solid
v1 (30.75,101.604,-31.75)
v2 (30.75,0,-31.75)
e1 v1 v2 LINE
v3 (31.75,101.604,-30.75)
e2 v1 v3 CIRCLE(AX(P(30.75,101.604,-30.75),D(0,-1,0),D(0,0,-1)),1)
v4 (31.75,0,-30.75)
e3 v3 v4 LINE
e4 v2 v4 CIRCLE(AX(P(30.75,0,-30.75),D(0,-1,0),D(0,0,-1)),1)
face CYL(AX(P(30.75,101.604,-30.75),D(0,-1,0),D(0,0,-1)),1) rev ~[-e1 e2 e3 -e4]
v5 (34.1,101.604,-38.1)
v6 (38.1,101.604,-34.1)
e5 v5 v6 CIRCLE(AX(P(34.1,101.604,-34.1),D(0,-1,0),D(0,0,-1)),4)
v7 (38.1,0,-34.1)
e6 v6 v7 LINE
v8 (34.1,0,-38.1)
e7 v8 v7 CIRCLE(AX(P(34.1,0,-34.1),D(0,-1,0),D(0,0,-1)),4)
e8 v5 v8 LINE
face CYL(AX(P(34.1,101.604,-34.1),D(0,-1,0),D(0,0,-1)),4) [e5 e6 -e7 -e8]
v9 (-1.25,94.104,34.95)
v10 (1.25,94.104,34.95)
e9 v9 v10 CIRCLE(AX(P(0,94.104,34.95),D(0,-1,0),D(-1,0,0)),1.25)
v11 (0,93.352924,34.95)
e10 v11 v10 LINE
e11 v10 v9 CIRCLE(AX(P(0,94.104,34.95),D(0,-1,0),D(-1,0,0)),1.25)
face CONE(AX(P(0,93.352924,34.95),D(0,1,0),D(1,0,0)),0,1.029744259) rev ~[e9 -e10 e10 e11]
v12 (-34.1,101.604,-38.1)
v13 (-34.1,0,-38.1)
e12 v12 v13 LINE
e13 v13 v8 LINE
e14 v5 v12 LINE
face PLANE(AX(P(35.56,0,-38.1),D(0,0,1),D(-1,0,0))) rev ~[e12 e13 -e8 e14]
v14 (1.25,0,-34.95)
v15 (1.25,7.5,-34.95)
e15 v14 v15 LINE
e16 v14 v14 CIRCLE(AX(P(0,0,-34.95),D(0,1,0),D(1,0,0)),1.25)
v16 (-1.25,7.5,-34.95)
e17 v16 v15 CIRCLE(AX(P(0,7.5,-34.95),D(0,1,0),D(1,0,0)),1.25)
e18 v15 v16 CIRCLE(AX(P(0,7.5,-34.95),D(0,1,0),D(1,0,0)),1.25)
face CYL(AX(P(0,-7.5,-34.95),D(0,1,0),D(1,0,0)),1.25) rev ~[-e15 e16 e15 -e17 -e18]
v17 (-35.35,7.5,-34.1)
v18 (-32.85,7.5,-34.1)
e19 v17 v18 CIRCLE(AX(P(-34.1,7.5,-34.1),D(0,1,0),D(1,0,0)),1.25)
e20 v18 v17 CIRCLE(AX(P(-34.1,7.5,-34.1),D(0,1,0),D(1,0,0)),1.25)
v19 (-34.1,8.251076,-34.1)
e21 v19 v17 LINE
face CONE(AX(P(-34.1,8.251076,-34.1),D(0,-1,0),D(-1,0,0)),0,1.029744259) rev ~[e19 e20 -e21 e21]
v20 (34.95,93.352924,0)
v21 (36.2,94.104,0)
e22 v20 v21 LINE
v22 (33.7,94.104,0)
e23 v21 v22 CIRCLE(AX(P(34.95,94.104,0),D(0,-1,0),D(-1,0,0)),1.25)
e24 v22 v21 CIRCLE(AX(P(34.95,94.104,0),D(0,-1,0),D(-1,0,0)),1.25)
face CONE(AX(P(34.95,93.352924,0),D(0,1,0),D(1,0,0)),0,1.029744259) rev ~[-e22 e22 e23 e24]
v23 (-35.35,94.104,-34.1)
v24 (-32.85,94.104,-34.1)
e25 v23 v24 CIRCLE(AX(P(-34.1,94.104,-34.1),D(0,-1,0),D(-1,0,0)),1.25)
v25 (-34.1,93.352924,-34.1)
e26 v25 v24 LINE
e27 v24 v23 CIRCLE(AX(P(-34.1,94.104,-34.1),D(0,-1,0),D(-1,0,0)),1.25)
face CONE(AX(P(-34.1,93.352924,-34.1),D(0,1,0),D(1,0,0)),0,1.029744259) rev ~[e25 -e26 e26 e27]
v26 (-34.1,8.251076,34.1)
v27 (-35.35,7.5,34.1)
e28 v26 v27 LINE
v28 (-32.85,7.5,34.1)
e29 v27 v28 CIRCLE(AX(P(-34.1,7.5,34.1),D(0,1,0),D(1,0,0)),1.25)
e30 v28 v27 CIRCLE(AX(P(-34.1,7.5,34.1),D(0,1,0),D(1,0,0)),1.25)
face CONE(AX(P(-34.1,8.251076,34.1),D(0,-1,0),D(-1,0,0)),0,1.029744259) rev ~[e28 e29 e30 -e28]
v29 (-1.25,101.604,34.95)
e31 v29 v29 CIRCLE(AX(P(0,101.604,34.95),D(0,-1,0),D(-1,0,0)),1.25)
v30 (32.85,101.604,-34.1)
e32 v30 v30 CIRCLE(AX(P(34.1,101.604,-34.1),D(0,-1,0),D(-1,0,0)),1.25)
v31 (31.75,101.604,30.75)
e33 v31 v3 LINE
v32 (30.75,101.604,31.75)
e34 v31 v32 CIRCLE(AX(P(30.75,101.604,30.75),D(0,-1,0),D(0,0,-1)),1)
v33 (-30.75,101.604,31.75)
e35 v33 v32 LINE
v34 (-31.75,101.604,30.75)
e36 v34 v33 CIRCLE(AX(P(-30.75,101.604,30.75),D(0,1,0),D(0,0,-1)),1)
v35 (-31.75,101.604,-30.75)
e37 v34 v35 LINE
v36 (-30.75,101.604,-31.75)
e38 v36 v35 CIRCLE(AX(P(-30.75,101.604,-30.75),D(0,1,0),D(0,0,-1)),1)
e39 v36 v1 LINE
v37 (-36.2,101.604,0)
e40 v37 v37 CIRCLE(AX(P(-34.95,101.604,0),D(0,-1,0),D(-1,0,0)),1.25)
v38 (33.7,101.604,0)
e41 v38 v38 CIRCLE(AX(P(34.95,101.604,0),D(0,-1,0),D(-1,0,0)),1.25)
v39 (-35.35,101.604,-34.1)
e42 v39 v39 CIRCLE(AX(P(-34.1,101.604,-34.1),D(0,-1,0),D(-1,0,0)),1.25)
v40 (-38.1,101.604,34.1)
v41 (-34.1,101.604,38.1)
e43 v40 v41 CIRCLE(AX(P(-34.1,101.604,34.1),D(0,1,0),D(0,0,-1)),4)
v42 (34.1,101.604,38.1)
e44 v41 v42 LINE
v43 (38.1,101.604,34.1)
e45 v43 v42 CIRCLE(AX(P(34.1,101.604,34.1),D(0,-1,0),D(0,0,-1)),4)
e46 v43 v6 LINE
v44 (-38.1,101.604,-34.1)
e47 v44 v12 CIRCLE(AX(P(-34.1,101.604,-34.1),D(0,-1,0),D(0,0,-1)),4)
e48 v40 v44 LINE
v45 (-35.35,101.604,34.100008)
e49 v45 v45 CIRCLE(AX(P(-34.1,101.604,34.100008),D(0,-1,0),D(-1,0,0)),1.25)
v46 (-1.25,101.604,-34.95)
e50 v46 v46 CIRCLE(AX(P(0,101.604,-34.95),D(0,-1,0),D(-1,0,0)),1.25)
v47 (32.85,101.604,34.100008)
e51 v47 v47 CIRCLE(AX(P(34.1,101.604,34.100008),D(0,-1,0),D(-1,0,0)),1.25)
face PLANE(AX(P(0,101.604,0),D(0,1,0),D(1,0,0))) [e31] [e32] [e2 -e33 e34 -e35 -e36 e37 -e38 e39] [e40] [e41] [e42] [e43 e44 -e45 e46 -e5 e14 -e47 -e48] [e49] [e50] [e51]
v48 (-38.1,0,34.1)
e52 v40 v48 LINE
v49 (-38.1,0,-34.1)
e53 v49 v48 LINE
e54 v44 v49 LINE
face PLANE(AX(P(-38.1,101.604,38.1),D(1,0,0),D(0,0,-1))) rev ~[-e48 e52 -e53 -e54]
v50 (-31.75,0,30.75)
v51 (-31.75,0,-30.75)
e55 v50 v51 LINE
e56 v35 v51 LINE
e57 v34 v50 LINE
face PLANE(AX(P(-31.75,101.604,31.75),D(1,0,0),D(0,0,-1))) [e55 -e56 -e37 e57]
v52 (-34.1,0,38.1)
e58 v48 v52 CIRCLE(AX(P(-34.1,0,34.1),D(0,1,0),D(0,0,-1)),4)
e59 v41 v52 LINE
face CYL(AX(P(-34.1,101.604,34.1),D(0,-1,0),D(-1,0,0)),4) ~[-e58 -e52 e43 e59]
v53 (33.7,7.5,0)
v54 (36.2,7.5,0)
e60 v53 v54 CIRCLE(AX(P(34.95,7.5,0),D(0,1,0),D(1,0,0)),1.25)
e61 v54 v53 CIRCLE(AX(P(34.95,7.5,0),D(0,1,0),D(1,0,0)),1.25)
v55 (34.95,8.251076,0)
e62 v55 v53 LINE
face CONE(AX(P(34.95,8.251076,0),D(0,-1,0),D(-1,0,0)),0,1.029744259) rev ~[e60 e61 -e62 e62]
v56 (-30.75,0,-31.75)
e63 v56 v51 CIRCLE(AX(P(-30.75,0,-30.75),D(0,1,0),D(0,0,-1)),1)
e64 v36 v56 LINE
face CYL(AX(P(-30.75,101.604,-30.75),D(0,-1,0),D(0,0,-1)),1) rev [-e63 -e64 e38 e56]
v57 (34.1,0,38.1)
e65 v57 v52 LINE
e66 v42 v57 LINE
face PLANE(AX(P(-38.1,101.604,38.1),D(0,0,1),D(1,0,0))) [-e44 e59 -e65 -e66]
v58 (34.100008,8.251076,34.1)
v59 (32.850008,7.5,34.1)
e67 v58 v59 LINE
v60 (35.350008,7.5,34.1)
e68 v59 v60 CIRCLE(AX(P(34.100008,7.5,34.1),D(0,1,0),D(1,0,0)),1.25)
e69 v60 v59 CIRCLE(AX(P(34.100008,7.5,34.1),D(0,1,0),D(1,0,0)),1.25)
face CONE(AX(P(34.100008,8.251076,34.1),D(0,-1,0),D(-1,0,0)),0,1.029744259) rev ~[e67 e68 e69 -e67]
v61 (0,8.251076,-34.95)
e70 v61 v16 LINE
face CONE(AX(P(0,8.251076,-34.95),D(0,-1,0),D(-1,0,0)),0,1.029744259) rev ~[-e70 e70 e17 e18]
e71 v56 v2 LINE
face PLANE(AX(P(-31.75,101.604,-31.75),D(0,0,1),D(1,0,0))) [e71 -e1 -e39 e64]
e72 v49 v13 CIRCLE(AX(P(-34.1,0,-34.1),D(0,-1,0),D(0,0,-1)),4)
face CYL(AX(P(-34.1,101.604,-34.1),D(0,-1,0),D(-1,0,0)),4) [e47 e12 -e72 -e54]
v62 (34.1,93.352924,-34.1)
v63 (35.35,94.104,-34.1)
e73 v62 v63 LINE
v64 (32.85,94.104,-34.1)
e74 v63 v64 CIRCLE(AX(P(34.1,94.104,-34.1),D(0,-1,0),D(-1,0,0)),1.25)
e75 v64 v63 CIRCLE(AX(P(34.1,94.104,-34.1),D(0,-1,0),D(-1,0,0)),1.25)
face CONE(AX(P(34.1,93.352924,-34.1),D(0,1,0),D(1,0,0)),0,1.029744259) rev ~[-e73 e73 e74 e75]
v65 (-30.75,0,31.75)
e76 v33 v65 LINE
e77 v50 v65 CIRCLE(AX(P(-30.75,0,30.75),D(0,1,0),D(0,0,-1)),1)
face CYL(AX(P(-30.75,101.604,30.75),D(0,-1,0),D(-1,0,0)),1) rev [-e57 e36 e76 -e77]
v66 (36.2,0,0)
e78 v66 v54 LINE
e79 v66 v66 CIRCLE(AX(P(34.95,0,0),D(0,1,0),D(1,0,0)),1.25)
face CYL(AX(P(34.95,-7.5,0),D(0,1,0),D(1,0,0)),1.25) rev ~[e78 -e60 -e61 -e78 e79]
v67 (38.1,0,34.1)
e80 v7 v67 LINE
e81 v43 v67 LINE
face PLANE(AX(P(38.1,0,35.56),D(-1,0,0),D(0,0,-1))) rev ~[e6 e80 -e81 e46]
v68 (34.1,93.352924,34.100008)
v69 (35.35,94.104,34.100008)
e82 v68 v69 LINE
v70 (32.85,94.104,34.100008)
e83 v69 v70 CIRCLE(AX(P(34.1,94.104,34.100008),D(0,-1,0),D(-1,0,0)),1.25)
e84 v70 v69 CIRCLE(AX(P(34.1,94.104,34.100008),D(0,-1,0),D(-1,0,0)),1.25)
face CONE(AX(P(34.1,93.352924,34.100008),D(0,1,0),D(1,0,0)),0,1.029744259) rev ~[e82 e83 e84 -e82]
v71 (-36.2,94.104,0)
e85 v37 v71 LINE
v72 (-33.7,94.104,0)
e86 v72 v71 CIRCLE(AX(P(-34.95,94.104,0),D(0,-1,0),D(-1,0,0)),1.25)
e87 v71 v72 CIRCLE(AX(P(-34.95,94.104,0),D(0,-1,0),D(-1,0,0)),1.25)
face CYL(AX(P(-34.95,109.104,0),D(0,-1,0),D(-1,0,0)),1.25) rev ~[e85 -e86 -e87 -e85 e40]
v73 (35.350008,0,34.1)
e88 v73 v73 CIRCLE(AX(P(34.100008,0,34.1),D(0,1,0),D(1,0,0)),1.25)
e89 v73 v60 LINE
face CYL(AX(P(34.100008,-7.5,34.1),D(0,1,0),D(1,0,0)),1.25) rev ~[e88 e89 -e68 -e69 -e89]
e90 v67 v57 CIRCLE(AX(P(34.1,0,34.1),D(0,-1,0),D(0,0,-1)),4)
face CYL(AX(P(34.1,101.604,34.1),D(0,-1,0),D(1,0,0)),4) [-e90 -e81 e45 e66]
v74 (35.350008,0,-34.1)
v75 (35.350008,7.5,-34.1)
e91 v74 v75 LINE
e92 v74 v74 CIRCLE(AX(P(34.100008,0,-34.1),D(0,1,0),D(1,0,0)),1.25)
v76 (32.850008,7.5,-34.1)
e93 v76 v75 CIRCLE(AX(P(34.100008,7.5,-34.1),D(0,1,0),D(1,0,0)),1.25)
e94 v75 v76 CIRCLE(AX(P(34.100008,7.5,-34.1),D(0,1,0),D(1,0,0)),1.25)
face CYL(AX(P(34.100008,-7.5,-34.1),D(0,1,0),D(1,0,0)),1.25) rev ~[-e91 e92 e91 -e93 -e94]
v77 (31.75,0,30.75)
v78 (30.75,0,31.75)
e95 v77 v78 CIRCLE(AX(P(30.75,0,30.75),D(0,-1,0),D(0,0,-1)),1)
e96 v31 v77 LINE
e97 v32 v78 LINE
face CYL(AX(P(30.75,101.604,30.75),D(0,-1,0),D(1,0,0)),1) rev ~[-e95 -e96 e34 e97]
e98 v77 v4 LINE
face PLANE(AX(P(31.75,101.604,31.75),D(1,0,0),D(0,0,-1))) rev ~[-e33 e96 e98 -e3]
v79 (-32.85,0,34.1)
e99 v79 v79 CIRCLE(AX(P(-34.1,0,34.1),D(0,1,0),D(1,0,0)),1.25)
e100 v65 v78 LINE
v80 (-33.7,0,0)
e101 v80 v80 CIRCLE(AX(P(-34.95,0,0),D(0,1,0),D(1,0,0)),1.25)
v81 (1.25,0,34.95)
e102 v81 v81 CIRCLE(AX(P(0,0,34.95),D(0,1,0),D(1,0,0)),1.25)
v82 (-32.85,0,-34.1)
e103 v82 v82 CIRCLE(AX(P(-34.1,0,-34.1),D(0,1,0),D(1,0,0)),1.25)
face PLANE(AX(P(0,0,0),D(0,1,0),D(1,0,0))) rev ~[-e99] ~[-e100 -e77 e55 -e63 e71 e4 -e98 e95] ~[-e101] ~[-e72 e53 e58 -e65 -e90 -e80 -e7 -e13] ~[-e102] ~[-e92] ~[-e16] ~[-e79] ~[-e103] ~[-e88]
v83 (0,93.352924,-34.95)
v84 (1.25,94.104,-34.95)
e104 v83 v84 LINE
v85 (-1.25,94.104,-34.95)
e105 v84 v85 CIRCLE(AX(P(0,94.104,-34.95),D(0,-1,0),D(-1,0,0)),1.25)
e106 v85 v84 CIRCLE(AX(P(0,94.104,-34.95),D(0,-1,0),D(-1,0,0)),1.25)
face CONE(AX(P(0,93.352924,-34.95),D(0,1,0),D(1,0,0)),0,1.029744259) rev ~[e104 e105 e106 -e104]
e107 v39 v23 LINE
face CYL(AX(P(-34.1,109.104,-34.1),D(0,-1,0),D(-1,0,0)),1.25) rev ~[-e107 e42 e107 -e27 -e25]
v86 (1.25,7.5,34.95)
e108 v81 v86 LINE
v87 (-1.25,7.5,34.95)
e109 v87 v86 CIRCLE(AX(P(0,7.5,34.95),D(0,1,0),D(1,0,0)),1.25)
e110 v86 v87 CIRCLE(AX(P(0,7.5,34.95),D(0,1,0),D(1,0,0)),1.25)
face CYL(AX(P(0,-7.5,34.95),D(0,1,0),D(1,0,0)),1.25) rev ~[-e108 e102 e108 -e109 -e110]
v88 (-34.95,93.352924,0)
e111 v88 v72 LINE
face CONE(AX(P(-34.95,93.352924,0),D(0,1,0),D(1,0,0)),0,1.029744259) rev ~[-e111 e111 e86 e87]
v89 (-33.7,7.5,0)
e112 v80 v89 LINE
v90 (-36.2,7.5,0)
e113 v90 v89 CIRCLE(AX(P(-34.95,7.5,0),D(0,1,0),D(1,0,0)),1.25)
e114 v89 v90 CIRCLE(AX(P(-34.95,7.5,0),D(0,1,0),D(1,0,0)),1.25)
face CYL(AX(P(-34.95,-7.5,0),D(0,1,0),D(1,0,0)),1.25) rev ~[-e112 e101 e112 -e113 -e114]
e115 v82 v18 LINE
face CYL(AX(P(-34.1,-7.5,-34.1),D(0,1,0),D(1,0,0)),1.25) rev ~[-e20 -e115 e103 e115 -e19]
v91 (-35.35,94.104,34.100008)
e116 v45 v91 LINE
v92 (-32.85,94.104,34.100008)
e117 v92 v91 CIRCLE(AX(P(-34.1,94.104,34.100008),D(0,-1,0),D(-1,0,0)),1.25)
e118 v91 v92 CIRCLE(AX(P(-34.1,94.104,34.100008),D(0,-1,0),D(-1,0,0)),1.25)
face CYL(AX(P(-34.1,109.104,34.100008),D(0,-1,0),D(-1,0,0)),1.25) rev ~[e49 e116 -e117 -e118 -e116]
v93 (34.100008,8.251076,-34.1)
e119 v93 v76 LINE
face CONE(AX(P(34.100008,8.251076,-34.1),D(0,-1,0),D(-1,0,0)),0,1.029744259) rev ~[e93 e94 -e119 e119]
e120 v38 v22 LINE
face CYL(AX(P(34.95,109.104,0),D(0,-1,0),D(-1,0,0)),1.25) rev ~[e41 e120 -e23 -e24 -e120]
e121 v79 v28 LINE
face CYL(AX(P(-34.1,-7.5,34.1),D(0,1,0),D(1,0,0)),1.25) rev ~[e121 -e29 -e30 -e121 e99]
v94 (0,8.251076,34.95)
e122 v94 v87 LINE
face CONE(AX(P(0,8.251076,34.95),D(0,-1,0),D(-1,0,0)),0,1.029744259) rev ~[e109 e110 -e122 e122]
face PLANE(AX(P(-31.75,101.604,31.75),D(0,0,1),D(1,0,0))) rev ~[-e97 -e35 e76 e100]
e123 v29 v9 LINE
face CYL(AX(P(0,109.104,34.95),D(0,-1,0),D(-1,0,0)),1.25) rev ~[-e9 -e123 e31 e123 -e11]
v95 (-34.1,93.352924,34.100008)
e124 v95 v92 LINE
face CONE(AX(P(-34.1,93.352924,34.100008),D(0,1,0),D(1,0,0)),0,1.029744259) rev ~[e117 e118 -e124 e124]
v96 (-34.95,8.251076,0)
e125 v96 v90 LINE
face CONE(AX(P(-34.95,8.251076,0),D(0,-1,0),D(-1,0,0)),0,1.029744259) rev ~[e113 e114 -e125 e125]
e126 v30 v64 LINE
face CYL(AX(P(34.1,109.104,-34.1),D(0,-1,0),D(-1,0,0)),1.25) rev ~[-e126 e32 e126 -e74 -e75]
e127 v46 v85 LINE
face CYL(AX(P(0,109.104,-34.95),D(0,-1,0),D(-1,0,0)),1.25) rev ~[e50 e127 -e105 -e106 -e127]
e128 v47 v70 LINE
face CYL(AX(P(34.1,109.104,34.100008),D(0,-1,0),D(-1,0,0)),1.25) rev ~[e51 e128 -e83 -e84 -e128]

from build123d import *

# Parameters (mm, degrees)
BOSS_EXTRUDE1_DEPTH       = 101.603999992
CUT_EXTRUDE1_DEPTH        = 246.126
SKETCH14_W                = 76.2
SKETCH14_H                = 76.2
SKETCH14_W_2              = 63.5
SKETCH14_H_2              = 63.5
BOSS_EXTRUDE3_DEPTH       = 101.603999992
FILLET1_R                 = 4
M3X0_5_TAPPED_HOLE2_D     = 2.5
M3X0_5_TAPPED_HOLE2_DEPTH = 7.5
M3X0_5_TAPPED_HOLE2_TIP   = 0.751075774
M3X0_5_TAPPED_HOLE1_D     = 2.5
M3X0_5_TAPPED_HOLE1_DEPTH = 7.5
M3X0_5_TAPPED_HOLE1_TIP   = 0.751075774
FILLET2_R                 = 1


with BuildPart() as part:
    # Sketch1 → Boss-Extrude1 (new body)
    with BuildSketch(Plane(origin=(0, 0, 0), x_dir=(1, 0, 0), z_dir=(0, 1, 0))):
        with BuildLine():
            Line((-35.56, -38.1), (35.56, -38.1))
            ThreePointArc((35.56, -38.1), (37.356051224, -37.356051224), (38.1, -35.56))
            Line((38.1, -35.56), (38.1, 35.56))
            ThreePointArc((38.1, 35.56), (37.356051224, 37.356051224), (35.56, 38.1))
            Line((35.56, 38.1), (-35.56, 38.1))
            ThreePointArc((-35.56, 38.1), (-37.356051224, 37.356051224), (-38.1, 35.56))
            Line((-38.1, 35.56), (-38.1, -35.56))
            ThreePointArc((-38.1, -35.56), (-37.356051224, -37.356051224), (-35.56, -38.1))
        make_face()
    extrude(amount=BOSS_EXTRUDE1_DEPTH)

    # Sketch9 → Cut-Extrude1 (cut)
    with BuildSketch(Plane(origin=(0, 101.603999992, 0), x_dir=(1, 0, 0), z_dir=(0, 1, 0))):
        with BuildLine():
            Line((-30.56, -33.1), (30.56, -33.1))
            ThreePointArc((30.56, -33.1), (32.356051224, -32.356051224), (33.1, -30.56))
            Line((33.1, -30.56), (33.1, 30.56))
            ThreePointArc((33.1, 30.56), (32.356051224, 32.356051224), (30.56, 33.1))
            Line((30.56, 33.1), (-30.56, 33.1))
            ThreePointArc((-30.56, 33.1), (-32.356051224, 32.356051224), (-33.1, 30.56))
            Line((-33.1, 30.56), (-33.1, -30.56))
            ThreePointArc((-33.1, -30.56), (-32.356051224, -32.356051224), (-30.56, -33.1))
        make_face()
    extrude(amount=-CUT_EXTRUDE1_DEPTH, mode=Mode.SUBTRACT)

    # Sketch14 → Boss-Extrude3 (add)
    with BuildSketch(Plane(origin=(0, 101.603999992, 0), x_dir=(1, 0, 0), z_dir=(0, 1, 0))):
        Rectangle(SKETCH14_W, SKETCH14_H)
        Rectangle(SKETCH14_W_2, SKETCH14_H_2, mode=Mode.SUBTRACT)
    extrude(amount=-BOSS_EXTRUDE3_DEPTH)

    # Fillet1
    fillet1_edges = [part.edges().sort_by_distance(p)[0] for p in [
        (38.1, 50.801999996, -38.1),
        (38.1, 50.801999996, 38.1),
        (-38.1, 50.801999996, 38.1),
        (-38.1, 50.801999996, -38.1),
    ]]
    fillet(fillet1_edges, radius=FILLET1_R)

    # M3x0.5 Tapped Hole2
    with Locations(Plane(origin=(0, 101.603999992, 0), x_dir=(1, 0, 0), z_dir=(0, 1, 0))):
        with Locations((-34.1, 34.1), (34.1, 34.1), (34.1, -34.100008), (-34.1, -34.100008), (-34.95, 0), (34.94999995, 0), (0, -34.95), (0, 34.95)):
            Hole(M3X0_5_TAPPED_HOLE2_D / 2, depth=M3X0_5_TAPPED_HOLE2_DEPTH)
            with Locations((0, 0, -(M3X0_5_TAPPED_HOLE2_DEPTH + M3X0_5_TAPPED_HOLE2_TIP / 2))):  # 118° drill point
                Cone(0, M3X0_5_TAPPED_HOLE2_D / 2, M3X0_5_TAPPED_HOLE2_TIP, mode=Mode.SUBTRACT)

    # M3x0.5 Tapped Hole1
    with Locations(Plane(origin=(0, 0, 0), x_dir=(-1, 0, 0), z_dir=(0, -1, 0))):
        with Locations((-34.100008, 34.1), (34.1, 34.1), (34.1, -34.1), (-34.100008, -34.1), (-34.95, 0), (0, 34.95), (34.95, 0), (0, -34.94999995)):
            Hole(M3X0_5_TAPPED_HOLE1_D / 2, depth=M3X0_5_TAPPED_HOLE1_DEPTH)
            with Locations((0, 0, -(M3X0_5_TAPPED_HOLE1_DEPTH + M3X0_5_TAPPED_HOLE1_TIP / 2))):  # 118° drill point
                Cone(0, M3X0_5_TAPPED_HOLE1_D / 2, M3X0_5_TAPPED_HOLE1_TIP, mode=Mode.SUBTRACT)

    # Fillet2
    fillet2_edges = [part.edges().sort_by_distance(p)[0] for p in [
        (31.75, 50.801999996, 31.75),
        (-31.75, 50.801999996, 31.75),
        (-31.75, 50.801999996, -31.75),
        (31.75, 50.801999996, -31.75),
    ]]
    fillet(fillet2_edges, radius=FILLET2_R)


solid = part.part
